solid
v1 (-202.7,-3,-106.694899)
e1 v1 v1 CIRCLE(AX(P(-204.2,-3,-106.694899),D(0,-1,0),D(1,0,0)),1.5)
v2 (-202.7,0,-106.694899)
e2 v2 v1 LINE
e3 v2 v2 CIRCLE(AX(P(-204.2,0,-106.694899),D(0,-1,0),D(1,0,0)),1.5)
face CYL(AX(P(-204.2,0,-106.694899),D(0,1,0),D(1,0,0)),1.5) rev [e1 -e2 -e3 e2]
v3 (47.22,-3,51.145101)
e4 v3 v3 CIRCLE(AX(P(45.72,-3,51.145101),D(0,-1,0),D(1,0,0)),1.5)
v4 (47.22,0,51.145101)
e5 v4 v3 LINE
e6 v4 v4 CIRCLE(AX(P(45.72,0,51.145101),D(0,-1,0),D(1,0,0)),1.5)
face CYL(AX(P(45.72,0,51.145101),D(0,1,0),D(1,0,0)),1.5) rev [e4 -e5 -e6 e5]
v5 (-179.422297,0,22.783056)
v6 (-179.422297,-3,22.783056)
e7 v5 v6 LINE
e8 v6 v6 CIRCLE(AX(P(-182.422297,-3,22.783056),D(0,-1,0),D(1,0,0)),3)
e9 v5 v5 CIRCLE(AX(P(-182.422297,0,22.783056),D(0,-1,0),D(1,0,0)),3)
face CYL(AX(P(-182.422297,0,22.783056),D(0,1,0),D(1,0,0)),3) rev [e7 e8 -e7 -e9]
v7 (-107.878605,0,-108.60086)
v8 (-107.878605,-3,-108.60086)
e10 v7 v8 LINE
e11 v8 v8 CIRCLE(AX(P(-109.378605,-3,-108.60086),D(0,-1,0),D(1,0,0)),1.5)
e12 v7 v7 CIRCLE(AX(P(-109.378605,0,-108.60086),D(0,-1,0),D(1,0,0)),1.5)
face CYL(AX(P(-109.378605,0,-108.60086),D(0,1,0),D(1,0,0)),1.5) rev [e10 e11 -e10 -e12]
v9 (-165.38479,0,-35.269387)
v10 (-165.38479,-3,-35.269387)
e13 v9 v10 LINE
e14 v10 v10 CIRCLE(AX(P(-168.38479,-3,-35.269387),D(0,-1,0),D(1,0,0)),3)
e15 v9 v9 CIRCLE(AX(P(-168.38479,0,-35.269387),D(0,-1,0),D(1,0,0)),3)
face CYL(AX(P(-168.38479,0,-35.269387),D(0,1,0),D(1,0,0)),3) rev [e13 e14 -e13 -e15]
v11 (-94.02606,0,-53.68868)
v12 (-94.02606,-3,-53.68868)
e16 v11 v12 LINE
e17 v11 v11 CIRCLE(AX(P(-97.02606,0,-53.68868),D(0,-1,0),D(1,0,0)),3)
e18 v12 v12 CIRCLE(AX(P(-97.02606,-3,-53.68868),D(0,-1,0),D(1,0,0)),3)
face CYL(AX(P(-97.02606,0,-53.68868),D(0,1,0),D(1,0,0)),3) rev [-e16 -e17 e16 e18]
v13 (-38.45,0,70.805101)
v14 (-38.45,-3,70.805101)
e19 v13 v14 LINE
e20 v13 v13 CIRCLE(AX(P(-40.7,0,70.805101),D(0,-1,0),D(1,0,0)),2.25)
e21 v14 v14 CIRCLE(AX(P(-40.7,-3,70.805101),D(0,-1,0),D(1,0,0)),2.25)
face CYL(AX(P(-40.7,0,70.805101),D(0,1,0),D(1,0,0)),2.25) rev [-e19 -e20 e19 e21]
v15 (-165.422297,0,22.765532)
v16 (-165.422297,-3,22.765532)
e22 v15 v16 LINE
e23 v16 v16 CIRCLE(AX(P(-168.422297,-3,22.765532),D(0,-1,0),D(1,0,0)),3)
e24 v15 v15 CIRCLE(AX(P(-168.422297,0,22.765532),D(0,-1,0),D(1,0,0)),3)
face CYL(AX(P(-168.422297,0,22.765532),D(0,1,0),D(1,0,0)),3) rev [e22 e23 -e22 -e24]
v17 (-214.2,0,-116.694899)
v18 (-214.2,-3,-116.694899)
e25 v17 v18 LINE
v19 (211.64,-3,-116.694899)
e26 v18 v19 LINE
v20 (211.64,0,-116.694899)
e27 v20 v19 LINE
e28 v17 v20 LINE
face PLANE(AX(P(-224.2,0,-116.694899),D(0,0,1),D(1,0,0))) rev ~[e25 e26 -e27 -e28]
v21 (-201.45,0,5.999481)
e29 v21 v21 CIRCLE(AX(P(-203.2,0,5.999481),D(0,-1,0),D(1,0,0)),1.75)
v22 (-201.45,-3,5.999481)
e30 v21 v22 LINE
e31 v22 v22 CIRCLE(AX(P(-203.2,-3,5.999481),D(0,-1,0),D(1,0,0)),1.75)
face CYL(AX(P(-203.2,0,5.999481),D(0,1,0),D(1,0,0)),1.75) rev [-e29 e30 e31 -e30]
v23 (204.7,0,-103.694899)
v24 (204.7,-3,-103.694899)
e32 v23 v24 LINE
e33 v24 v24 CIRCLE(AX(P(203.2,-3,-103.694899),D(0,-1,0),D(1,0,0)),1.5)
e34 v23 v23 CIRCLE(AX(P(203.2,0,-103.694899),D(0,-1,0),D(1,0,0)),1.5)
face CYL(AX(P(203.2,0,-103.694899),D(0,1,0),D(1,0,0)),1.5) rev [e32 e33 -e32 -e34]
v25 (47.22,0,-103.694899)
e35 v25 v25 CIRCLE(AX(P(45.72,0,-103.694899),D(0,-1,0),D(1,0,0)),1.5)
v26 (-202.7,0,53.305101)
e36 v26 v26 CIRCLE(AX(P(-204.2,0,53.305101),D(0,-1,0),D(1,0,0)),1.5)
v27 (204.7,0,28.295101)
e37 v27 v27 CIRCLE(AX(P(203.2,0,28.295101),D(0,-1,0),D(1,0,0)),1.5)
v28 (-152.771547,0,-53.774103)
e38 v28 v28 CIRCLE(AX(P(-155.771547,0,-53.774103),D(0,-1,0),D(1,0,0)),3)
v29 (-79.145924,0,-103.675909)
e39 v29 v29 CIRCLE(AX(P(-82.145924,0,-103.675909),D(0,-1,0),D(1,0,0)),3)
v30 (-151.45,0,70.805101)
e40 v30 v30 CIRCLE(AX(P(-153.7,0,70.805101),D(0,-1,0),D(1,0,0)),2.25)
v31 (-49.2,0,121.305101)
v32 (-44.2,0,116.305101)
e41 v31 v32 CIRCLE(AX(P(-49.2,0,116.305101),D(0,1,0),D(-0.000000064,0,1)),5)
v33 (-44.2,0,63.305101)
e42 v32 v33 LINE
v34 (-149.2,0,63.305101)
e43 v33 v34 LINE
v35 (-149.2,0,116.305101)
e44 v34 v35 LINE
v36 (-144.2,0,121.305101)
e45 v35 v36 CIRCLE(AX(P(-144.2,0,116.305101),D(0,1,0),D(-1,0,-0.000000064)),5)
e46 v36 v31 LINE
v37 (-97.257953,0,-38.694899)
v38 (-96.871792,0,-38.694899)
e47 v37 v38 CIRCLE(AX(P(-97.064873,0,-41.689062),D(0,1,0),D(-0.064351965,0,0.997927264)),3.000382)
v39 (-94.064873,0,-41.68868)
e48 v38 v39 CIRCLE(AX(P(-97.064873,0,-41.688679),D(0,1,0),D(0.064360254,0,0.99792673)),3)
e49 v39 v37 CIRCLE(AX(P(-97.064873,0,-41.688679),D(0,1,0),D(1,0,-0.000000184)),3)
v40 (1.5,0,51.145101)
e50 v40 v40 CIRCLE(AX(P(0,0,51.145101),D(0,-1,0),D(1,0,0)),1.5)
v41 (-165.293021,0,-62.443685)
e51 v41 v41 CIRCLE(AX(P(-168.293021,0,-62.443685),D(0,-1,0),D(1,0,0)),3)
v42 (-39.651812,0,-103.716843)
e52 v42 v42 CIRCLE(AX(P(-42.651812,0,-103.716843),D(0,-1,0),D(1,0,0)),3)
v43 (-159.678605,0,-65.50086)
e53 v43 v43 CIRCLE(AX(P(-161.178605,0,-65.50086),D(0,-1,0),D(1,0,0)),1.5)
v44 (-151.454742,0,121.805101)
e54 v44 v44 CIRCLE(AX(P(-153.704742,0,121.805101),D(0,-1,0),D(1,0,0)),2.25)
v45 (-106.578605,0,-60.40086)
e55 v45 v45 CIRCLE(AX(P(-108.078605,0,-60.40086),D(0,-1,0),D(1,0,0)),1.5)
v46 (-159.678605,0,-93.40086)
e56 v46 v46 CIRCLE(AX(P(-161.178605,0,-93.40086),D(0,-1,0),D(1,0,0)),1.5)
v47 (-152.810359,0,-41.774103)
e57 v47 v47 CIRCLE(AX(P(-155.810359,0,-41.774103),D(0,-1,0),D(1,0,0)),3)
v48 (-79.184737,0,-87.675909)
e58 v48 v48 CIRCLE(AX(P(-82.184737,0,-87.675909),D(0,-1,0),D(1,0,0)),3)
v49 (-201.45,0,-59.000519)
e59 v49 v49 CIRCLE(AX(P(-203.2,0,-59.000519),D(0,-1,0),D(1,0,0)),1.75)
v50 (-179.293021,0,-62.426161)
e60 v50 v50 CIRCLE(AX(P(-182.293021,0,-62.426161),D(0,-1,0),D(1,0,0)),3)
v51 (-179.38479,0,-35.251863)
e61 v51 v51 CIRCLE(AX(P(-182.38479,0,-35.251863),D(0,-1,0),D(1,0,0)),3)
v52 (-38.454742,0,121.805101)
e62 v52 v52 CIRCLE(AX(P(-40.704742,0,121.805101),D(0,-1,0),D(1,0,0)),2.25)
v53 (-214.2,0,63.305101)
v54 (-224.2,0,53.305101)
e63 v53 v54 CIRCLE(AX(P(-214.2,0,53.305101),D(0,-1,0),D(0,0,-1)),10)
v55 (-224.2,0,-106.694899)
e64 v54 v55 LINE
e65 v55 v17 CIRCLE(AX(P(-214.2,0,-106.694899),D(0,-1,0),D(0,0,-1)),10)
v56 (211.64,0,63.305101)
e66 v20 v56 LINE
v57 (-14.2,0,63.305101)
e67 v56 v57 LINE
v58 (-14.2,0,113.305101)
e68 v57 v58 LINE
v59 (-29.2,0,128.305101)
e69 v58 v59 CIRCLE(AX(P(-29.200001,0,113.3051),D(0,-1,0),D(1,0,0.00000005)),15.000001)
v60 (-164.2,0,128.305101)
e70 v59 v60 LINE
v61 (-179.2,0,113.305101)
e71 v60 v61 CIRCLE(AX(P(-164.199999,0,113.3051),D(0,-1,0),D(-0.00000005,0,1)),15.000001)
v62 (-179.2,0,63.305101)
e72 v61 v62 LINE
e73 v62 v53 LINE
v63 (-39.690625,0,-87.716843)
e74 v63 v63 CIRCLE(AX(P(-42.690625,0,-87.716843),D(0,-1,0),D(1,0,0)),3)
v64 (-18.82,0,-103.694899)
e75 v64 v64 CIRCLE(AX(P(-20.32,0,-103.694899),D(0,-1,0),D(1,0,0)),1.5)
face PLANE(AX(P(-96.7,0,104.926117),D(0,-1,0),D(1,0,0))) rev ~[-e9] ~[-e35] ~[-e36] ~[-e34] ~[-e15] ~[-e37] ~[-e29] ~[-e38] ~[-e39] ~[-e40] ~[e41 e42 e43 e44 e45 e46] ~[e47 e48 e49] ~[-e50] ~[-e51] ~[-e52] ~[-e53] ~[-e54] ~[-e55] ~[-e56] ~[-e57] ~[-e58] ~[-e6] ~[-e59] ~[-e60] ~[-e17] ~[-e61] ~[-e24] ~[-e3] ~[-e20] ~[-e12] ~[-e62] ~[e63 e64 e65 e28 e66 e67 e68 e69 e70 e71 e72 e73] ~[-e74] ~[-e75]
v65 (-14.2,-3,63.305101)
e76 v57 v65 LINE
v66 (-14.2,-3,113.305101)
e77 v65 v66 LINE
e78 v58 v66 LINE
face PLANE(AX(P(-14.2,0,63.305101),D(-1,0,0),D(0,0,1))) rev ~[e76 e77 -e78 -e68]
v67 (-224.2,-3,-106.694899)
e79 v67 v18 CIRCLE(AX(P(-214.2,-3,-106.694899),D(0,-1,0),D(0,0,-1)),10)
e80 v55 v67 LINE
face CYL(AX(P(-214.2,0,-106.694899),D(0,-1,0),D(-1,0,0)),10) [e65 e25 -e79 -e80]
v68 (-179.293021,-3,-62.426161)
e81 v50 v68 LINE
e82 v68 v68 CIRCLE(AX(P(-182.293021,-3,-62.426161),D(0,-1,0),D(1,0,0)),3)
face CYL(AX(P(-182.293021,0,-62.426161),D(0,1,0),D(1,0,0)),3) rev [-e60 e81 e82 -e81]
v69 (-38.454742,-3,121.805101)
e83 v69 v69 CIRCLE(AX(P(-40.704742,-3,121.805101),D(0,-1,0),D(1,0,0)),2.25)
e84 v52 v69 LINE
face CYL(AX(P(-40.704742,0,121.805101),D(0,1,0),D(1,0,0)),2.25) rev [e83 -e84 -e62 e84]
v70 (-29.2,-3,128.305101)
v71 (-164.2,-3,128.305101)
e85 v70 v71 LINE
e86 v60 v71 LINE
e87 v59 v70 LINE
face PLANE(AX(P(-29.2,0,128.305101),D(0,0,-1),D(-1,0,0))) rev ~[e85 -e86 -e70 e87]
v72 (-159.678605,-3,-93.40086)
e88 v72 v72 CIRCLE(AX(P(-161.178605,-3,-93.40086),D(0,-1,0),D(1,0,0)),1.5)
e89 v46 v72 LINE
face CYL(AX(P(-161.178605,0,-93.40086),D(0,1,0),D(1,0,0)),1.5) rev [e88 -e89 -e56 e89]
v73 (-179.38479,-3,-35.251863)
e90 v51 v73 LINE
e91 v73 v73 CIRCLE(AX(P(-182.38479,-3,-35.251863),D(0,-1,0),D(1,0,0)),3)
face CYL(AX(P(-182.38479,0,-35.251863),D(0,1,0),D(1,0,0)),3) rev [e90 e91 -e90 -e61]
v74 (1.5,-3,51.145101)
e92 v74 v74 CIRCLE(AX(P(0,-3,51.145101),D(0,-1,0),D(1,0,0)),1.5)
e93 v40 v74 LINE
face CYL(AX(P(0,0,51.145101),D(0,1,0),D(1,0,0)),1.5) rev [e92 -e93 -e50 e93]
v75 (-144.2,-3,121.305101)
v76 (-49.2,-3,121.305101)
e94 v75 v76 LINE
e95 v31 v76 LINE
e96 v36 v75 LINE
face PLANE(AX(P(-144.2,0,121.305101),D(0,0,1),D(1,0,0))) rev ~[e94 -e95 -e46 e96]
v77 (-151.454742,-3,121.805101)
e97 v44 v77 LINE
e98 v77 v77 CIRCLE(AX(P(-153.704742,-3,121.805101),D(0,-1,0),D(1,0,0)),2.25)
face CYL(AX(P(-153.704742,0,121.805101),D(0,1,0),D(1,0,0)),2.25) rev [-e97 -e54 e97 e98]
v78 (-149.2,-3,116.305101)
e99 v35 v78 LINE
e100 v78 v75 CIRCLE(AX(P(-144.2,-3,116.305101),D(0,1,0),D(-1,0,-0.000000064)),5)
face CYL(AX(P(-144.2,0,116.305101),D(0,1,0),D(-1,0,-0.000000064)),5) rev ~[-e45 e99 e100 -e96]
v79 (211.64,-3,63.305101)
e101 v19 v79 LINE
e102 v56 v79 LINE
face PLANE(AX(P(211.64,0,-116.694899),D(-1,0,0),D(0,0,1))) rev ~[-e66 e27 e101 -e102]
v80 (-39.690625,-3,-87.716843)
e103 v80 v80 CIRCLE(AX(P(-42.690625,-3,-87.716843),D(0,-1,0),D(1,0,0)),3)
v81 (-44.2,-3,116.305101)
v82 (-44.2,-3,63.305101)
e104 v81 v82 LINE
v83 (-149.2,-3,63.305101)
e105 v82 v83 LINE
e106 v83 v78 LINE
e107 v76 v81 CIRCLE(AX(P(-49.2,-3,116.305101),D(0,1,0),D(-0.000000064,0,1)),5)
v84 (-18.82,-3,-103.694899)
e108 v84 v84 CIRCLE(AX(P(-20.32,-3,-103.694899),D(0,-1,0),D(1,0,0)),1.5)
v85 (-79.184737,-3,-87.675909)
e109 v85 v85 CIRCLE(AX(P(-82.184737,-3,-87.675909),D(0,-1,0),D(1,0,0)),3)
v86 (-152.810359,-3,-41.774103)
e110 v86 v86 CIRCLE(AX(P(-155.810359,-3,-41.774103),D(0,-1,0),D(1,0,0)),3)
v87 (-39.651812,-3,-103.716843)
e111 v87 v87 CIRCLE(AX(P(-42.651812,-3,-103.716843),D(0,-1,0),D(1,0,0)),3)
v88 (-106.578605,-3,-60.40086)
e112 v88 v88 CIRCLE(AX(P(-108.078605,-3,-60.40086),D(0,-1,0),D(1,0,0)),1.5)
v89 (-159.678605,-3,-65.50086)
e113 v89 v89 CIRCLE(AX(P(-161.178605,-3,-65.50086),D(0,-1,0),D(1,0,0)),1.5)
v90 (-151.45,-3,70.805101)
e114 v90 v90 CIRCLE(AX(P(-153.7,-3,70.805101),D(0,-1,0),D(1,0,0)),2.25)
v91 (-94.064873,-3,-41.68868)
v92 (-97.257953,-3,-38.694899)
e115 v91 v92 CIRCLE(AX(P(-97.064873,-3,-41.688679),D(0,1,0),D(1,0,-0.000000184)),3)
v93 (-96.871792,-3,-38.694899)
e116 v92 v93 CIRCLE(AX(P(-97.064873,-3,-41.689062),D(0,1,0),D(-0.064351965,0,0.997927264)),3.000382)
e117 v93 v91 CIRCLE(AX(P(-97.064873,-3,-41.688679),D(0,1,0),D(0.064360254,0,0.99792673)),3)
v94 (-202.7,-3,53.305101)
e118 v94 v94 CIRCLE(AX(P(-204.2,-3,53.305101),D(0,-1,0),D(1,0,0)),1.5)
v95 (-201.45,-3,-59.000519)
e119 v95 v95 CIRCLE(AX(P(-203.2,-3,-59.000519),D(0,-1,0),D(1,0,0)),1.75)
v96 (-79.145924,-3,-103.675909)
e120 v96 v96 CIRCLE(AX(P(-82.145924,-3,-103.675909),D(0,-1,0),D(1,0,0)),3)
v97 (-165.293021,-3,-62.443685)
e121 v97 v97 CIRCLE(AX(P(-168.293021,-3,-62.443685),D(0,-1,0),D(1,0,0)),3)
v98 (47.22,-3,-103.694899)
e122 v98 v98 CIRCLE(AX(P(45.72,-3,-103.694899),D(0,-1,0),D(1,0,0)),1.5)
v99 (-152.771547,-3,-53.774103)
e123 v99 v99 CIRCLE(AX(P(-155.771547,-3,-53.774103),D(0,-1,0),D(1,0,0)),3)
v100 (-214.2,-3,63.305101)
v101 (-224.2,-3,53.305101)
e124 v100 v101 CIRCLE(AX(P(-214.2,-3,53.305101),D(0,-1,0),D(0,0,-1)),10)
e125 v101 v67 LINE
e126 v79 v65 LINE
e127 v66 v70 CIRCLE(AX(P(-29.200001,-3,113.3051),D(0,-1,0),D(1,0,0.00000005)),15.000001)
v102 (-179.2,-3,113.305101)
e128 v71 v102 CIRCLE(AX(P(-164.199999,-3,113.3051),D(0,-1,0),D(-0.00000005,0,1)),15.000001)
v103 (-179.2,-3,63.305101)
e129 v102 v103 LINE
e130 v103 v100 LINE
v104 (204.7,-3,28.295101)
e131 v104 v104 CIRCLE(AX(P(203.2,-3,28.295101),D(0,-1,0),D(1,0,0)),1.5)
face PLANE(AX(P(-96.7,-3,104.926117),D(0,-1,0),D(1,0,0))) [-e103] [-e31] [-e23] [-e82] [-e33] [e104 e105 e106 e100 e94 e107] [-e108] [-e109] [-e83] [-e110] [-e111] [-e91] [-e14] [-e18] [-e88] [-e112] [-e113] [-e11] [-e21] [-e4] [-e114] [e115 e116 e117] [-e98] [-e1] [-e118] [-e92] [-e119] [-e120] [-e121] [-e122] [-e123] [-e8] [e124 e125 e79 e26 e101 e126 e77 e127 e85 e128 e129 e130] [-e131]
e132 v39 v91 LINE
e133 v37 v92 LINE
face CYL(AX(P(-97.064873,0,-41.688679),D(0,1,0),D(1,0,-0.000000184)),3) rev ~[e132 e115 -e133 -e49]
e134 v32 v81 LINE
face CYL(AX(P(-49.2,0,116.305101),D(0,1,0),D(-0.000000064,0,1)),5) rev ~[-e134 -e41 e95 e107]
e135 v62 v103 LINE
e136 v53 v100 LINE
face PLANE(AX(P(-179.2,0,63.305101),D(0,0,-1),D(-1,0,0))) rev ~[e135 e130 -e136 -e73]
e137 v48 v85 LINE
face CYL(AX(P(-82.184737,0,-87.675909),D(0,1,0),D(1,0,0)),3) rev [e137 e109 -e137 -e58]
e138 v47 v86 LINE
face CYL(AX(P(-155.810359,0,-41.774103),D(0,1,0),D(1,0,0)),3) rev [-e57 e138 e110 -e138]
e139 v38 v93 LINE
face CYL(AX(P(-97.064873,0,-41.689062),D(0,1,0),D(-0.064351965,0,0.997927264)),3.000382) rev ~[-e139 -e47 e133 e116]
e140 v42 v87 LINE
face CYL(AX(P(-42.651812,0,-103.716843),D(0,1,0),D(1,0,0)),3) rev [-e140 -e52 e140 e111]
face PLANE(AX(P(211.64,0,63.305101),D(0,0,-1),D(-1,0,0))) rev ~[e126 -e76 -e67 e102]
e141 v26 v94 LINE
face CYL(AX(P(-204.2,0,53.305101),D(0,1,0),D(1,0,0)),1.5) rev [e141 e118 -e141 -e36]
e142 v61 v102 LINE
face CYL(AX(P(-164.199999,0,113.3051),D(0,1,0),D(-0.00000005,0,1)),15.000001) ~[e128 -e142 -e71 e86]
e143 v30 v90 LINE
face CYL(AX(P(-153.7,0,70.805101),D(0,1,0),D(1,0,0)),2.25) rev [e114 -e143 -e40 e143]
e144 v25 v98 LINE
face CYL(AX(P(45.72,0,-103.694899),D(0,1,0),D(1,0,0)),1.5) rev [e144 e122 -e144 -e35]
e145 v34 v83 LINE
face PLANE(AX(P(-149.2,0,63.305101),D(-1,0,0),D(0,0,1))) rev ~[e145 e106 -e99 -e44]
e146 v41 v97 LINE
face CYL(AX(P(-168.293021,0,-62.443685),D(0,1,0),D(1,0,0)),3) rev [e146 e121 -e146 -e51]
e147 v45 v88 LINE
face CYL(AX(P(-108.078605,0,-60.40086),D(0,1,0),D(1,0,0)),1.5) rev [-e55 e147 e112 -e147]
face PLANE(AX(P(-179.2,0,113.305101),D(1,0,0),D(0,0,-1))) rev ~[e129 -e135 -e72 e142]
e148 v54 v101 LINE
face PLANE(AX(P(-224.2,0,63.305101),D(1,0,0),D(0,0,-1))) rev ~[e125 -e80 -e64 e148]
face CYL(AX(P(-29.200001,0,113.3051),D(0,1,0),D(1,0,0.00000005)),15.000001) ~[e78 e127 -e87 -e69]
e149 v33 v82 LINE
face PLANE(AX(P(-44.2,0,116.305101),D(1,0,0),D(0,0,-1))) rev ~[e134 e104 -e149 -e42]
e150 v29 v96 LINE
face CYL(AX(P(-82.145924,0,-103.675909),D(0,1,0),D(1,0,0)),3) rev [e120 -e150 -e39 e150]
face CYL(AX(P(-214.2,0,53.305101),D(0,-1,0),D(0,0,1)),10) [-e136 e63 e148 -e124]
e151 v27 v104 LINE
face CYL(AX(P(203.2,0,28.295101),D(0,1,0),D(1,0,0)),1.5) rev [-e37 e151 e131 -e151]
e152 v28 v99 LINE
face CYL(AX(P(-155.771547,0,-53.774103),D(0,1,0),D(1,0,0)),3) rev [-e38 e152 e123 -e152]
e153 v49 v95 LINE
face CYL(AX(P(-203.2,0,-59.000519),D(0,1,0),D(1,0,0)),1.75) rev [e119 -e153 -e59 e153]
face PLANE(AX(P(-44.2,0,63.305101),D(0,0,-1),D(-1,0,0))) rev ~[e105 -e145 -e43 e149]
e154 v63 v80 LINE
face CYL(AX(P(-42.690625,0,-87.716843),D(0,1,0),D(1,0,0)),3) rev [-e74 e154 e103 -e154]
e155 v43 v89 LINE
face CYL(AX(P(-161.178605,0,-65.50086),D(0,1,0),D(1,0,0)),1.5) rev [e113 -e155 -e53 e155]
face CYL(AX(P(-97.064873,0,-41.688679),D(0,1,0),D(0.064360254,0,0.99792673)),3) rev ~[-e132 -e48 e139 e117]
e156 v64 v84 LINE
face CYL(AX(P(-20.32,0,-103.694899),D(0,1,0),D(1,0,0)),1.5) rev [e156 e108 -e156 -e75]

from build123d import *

# Parameters (mm, degrees)
F0_R     = 2.25
F0_R_2   = 1.5
F0_R_3   = 3
F0_W     = 71.6
F0_H     = 55.3
F0_W_2   = 30
F0_H_2   = 130
F0_W_3   = 243.84
F0_H_3   = 173
F0_R_4   = 1.75
F1_DEPTH = 3
F2_R     = 10


with BuildPart() as f1:
    # F0 (on Front) → F1 (new body)
    with BuildSketch(Plane.XZ):
        with BuildLine():
            Line((-179.2, 113.305101), (-179.2, 63.305101))
            Line((-179.2, 63.305101), (-163.2, 63.305101))
            Line((-163.2, 63.305101), (-149.2, 63.305101))
            Line((-149.2, 63.305101), (-149.2, 116.305101))
            ThreePointArc((-149.2, 116.305101), (-147.735534, 119.840635), (-144.2, 121.305101))
            Line((-144.2, 121.305101), (-49.2, 121.305101))
            ThreePointArc((-49.2, 121.305101), (-45.664466, 119.840635), (-44.2, 116.305101))
            Line((-44.2, 116.305101), (-44.2, 63.305101))
            Line((-44.2, 63.305101), (-43.607167, 63.305101))
            Line((-43.607167, 63.305101), (-36.2, 63.305101))
            Line((-36.2, 63.305101), (-14.2, 63.305101))
            Line((-14.2, 63.305101), (-14.2, 113.305101))
            ThreePointArc((-14.2, 113.305101), (-18.593398, 123.911702), (-29.2, 128.305101))
            Line((-29.2, 128.305101), (-163.2, 128.305101))
            Line((-163.2, 128.305101), (-164.2, 128.305101))
            ThreePointArc((-164.2, 128.305101), (-174.806602, 123.911702), (-179.2, 113.305101))
        make_face()
        with Locations((-153.7, 70.805101)):
            Circle(F0_R, mode=Mode.SUBTRACT)
        with Locations((-153.704742, 121.805101)):
            Circle(F0_R, mode=Mode.SUBTRACT)
        with Locations((-40.7, 70.805101)):
            Circle(F0_R, mode=Mode.SUBTRACT)
        with Locations((-40.704742, 121.805101)):
            Circle(F0_R, mode=Mode.SUBTRACT)
        with BuildLine():
            Line((-179.2, 63.305101), (-224.2, 63.305101))
            Line((-224.2, 63.305101), (-224.2, -116.694899))
            Line((-224.2, -116.694899), (211.64, -116.694899))
            Line((211.64, -116.694899), (211.64, 63.305101))
            Line((211.64, 63.305101), (-14.2, 63.305101))
            Line((-14.2, 63.305101), (-36.2, 63.305101))
            Line((-36.2, 63.305101), (-36.2, -38.694899))
            Line((-36.2, -38.694899), (-96.871792, -38.694899))
            ThreePointArc((-96.871792, -38.694899), (-94.876352, -39.636759), (-94.064873, -41.68868))
            ThreePointArc((-94.064873, -41.68868), (-99.116794, -43.8772), (-97.257953, -38.694899))
            Line((-97.257953, -38.694899), (-163.2, -38.694899))
            Line((-163.2, -38.694899), (-163.2, 63.305101))
            Line((-163.2, 63.305101), (-179.2, 63.305101))
        make_face()
        with Locations((-204.2, -106.694899)):
            Circle(F0_R_2, mode=Mode.SUBTRACT)
        with Locations((-182.293021, -62.426161)):
            Circle(F0_R_3, mode=Mode.SUBTRACT)
        with Locations((-127.878605, -84.55086)):
            Rectangle(F0_W, F0_H, mode=Mode.SUBTRACT)
        with Locations((-168.293021, -62.443685)):
            Circle(F0_R_3, mode=Mode.SUBTRACT)
        with Locations((-82.145924, -103.675909)):
            Circle(F0_R_3, mode=Mode.SUBTRACT)
        with Locations((-82.184737, -87.675909)):
            Circle(F0_R_3, mode=Mode.SUBTRACT)
        with Locations((-42.651812, -103.716843)):
            Circle(F0_R_3, mode=Mode.SUBTRACT)
        with Locations((-42.690625, -87.716843)):
            Circle(F0_R_3, mode=Mode.SUBTRACT)
        with Locations((-182.38479, -35.251863)):
            Circle(F0_R_3, mode=Mode.SUBTRACT)
        with Locations((-155.771547, -53.774103)):
            Circle(F0_R_3, mode=Mode.SUBTRACT)
        with Locations((-155.810359, -41.774103)):
            Circle(F0_R_3, mode=Mode.SUBTRACT)
        with Locations((-168.38479, -35.269387)):
            Circle(F0_R_3, mode=Mode.SUBTRACT)
        with Locations((-203.2, -24.000519)):
            Rectangle(F0_W_2, F0_H_2, mode=Mode.SUBTRACT)
        with Locations((-97.02606, -53.68868)):
            Circle(F0_R_3, mode=Mode.SUBTRACT)
        with Locations((87.72, -25.194899)):
            Rectangle(F0_W_3, F0_H_3, mode=Mode.SUBTRACT)
        with Locations((-182.422297, 22.783056)):
            Circle(F0_R_3, mode=Mode.SUBTRACT)
        with Locations((-168.422297, 22.765532)):
            Circle(F0_R_3, mode=Mode.SUBTRACT)
        with Locations((-204.2, 53.305101)):
            Circle(F0_R_2, mode=Mode.SUBTRACT)
        with Locations((-203.2, -24.000519)):
            Rectangle(F0_W_2, F0_H_2)
        with Locations((-203.2, -59.000519)):
            Circle(F0_R_4, mode=Mode.SUBTRACT)
        with Locations((-203.2, 5.999481)):
            Circle(F0_R_4, mode=Mode.SUBTRACT)
        with Locations((-127.878605, -84.55086)):
            Rectangle(F0_W, F0_H)
        with Locations((-161.178605, -93.40086)):
            Circle(F0_R_2, mode=Mode.SUBTRACT)
        with Locations((-161.178605, -65.50086)):
            Circle(F0_R_2, mode=Mode.SUBTRACT)
        with Locations((-109.378605, -108.60086)):
            Circle(F0_R_2, mode=Mode.SUBTRACT)
        with Locations((-108.078605, -60.40086)):
            Circle(F0_R_2, mode=Mode.SUBTRACT)
        with BuildLine():
            Line((-149.2, 63.305101), (-163.2, 63.305101))
            Line((-163.2, 63.305101), (-163.2, -38.694899))
            Line((-163.2, -38.694899), (-97.257953, -38.694899))
            ThreePointArc((-97.257953, -38.694899), (-97.064873, -38.68868), (-96.871792, -38.694899))
            Line((-96.871792, -38.694899), (-36.2, -38.694899))
            Line((-36.2, -38.694899), (-36.2, 63.305101))
            Line((-36.2, 63.305101), (-43.607167, 63.305101))
            Line((-43.607167, 63.305101), (-44.2, 63.305101))
            Line((-44.2, 63.305101), (-141.720161, 63.305101))
            Line((-141.720161, 63.305101), (-149.2, 63.305101))
        make_face()
        with Locations((87.72, -25.194899)):
            Rectangle(F0_W_3, F0_H_3)
        with Locations((-20.32, -103.694899)):
            Circle(F0_R_2, mode=Mode.SUBTRACT)
        with Locations((45.72, -103.694899)):
            Circle(F0_R_2, mode=Mode.SUBTRACT)
        with Locations((203.2, -103.694899)):
            Circle(F0_R_2, mode=Mode.SUBTRACT)
        with Locations((0, 51.145101)):
            Circle(F0_R_2, mode=Mode.SUBTRACT)
        with Locations((45.72, 51.145101)):
            Circle(F0_R_2, mode=Mode.SUBTRACT)
        with Locations((203.2, 28.295101)):
            Circle(F0_R_2, mode=Mode.SUBTRACT)
    extrude(amount=F1_DEPTH)

    # F2
    f2_edges = [f1.edges().sort_by_distance(p)[0] for p in [
        (-224.2, -1.5, 63.305101),
        (-224.2, -1.5, -116.694899),
    ]]
    fillet(f2_edges, radius=F2_R)


solid = f1.part
